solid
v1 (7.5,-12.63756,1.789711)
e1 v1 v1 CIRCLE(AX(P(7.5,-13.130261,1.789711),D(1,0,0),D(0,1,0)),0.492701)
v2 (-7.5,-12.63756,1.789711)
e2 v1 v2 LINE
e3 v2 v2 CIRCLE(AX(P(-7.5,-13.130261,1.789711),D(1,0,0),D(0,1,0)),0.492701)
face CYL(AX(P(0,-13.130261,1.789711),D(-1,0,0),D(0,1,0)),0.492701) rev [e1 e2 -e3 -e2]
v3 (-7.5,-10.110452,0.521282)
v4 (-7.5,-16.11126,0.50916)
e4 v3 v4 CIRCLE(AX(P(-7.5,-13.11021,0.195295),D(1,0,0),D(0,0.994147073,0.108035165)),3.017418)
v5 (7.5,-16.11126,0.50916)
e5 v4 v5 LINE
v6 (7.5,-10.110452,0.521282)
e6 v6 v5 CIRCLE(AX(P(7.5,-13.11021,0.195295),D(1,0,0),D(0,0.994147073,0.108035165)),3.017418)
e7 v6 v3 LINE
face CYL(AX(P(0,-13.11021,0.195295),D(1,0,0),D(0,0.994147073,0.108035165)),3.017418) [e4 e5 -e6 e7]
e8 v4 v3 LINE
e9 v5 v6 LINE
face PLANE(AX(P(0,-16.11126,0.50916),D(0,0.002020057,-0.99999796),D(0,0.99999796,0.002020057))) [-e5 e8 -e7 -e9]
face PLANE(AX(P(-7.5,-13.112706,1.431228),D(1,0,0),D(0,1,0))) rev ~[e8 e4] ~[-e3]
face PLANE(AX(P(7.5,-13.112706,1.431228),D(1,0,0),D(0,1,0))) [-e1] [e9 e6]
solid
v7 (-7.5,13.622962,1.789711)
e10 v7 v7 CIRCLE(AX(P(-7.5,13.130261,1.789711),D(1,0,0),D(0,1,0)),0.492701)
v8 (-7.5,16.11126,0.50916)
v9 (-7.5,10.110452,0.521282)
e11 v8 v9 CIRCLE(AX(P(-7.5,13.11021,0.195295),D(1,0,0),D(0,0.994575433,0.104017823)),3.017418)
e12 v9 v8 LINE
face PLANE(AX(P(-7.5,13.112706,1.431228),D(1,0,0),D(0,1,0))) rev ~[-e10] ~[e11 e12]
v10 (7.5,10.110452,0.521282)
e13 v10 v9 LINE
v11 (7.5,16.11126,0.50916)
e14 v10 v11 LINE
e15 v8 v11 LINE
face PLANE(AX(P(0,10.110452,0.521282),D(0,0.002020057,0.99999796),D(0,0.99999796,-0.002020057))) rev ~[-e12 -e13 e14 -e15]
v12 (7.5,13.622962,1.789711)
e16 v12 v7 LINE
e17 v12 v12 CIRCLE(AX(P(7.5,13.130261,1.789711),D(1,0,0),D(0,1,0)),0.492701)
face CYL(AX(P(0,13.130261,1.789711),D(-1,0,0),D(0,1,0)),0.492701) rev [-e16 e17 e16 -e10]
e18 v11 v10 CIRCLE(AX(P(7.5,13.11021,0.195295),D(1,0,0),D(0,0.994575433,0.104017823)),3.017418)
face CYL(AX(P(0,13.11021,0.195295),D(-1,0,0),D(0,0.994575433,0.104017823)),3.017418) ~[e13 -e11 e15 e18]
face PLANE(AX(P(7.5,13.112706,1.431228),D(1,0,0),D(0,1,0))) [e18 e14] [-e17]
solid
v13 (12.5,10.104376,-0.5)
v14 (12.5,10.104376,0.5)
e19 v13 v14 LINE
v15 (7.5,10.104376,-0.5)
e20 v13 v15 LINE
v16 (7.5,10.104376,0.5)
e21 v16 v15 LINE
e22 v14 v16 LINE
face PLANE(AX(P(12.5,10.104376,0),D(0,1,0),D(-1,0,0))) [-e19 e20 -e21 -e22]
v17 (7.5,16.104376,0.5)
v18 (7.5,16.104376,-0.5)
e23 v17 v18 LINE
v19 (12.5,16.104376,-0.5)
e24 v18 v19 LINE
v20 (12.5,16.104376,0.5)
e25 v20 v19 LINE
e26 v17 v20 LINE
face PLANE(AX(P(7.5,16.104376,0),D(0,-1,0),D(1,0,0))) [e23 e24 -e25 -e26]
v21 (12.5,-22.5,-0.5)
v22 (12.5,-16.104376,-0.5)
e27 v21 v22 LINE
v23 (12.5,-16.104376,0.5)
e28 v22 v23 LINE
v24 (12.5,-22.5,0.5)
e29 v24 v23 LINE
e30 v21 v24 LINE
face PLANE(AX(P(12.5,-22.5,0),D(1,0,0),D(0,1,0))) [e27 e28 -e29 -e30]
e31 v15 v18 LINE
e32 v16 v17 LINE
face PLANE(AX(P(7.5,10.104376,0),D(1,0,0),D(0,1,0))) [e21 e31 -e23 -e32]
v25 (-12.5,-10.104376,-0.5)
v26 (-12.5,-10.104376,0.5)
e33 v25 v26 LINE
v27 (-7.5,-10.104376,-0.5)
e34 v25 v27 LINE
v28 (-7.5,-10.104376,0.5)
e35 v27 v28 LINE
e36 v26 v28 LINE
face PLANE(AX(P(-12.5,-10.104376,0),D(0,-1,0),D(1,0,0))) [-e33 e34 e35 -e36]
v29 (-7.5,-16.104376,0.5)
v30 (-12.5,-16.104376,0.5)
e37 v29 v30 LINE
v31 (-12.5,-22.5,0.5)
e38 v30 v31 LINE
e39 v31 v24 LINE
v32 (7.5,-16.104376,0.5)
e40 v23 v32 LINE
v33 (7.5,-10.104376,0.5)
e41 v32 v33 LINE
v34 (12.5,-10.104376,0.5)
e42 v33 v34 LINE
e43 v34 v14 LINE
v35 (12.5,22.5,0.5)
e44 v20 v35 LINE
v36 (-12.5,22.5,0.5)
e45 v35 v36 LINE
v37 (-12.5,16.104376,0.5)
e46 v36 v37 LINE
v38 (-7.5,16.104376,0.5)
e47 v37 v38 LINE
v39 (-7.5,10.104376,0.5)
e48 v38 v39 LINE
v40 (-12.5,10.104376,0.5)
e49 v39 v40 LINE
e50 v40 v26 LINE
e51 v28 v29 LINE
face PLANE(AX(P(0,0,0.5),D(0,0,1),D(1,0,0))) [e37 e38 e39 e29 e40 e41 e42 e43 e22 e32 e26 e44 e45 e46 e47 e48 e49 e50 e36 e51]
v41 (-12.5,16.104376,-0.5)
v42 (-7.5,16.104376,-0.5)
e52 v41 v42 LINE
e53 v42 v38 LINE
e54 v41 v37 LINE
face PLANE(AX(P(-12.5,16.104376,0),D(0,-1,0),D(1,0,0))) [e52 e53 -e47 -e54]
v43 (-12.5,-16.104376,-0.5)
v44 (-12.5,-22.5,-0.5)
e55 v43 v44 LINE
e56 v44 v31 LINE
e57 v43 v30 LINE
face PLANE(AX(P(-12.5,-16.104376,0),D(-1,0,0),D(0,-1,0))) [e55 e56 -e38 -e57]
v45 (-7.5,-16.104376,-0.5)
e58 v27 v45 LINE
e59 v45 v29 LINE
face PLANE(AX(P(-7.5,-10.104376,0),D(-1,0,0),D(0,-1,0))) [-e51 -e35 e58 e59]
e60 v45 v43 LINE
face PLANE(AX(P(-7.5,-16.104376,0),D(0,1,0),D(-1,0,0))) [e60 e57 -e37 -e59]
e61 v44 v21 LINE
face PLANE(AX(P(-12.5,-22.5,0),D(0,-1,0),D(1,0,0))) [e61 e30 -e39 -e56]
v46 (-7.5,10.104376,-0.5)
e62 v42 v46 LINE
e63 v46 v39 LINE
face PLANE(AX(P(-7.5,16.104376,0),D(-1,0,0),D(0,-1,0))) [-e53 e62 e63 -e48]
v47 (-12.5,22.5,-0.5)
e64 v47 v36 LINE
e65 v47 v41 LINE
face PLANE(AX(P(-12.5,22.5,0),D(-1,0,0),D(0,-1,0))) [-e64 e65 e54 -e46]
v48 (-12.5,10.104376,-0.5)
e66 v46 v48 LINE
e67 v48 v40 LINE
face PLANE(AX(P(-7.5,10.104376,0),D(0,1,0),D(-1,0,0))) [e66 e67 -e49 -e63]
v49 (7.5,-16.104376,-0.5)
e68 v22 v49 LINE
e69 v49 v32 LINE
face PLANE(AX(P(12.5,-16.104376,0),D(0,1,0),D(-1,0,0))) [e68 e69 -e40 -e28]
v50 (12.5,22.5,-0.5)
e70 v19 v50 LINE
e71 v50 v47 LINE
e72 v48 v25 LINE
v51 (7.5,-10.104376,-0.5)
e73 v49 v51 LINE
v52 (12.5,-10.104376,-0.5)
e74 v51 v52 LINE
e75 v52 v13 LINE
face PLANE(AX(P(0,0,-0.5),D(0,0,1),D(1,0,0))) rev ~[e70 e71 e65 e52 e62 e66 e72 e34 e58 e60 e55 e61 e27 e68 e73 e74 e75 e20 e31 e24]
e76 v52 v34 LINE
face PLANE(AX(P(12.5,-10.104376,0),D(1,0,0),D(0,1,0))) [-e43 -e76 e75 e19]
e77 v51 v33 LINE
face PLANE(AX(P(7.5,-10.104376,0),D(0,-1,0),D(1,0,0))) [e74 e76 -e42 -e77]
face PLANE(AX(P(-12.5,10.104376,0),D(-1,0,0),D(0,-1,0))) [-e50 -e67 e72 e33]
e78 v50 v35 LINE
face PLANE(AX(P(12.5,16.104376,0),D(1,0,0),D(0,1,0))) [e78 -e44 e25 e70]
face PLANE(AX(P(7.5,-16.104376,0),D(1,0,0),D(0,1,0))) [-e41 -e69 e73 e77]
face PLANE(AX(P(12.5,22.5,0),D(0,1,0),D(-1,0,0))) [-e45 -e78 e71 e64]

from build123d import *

# Parameters (mm, degrees)
F1_DEPTH = 0.5
F2_R     = 0.492701
F3_DEPTH = 7.5


with BuildPart() as f1:
    # F0 (on Top) → F1 (new body, symmetric)
    with BuildSketch(Plane.XY):
        Polygon((12.5, 16.104376), (12.5, 22.5), (-12.5, 22.5), (-12.5, 16.104376), (-7.5, 16.104376), (-7.5, 10.104376), (-12.5, 10.104376), (-12.5, -10.104376), (-7.5, -10.104376), (-7.5, -16.104376), (-12.5, -16.104376), (-12.5, -22.5), (12.5, -22.5), (12.5, -16.104376), (7.5, -16.104376), (7.5, -10.104376), (12.5, -10.104376), (12.5, 10.104376), (7.5, 10.104376), (7.5, 16.104376), align=None)
    extrude(amount=F1_DEPTH, both=True)


with BuildPart() as f3:
    # F2 (on Right) → F3 (new body, symmetric)
    with BuildSketch(Plane.YZ):
        with BuildLine():
            Line((10.110452, 0.521282), (16.11126, 0.50916))
            ThreePointArc((16.11126, 0.50916), (13.116306, 3.212707), (10.110452, 0.521282))
        make_face()
        with Locations((13.130261, 1.789711)):
            Circle(F2_R, mode=Mode.SUBTRACT)
        with BuildLine():
            ThreePointArc((-10.110452, 0.521282), (-13.116306, 3.212707), (-16.11126, 0.50916))
            Line((-16.11126, 0.50916), (-10.110452, 0.521282))
        make_face()
        with Locations((-13.130261, 1.789711)):
            Circle(F2_R, mode=Mode.SUBTRACT)
    extrude(amount=F3_DEPTH, both=True)


solid = Compound([f1.part, f3.part])
